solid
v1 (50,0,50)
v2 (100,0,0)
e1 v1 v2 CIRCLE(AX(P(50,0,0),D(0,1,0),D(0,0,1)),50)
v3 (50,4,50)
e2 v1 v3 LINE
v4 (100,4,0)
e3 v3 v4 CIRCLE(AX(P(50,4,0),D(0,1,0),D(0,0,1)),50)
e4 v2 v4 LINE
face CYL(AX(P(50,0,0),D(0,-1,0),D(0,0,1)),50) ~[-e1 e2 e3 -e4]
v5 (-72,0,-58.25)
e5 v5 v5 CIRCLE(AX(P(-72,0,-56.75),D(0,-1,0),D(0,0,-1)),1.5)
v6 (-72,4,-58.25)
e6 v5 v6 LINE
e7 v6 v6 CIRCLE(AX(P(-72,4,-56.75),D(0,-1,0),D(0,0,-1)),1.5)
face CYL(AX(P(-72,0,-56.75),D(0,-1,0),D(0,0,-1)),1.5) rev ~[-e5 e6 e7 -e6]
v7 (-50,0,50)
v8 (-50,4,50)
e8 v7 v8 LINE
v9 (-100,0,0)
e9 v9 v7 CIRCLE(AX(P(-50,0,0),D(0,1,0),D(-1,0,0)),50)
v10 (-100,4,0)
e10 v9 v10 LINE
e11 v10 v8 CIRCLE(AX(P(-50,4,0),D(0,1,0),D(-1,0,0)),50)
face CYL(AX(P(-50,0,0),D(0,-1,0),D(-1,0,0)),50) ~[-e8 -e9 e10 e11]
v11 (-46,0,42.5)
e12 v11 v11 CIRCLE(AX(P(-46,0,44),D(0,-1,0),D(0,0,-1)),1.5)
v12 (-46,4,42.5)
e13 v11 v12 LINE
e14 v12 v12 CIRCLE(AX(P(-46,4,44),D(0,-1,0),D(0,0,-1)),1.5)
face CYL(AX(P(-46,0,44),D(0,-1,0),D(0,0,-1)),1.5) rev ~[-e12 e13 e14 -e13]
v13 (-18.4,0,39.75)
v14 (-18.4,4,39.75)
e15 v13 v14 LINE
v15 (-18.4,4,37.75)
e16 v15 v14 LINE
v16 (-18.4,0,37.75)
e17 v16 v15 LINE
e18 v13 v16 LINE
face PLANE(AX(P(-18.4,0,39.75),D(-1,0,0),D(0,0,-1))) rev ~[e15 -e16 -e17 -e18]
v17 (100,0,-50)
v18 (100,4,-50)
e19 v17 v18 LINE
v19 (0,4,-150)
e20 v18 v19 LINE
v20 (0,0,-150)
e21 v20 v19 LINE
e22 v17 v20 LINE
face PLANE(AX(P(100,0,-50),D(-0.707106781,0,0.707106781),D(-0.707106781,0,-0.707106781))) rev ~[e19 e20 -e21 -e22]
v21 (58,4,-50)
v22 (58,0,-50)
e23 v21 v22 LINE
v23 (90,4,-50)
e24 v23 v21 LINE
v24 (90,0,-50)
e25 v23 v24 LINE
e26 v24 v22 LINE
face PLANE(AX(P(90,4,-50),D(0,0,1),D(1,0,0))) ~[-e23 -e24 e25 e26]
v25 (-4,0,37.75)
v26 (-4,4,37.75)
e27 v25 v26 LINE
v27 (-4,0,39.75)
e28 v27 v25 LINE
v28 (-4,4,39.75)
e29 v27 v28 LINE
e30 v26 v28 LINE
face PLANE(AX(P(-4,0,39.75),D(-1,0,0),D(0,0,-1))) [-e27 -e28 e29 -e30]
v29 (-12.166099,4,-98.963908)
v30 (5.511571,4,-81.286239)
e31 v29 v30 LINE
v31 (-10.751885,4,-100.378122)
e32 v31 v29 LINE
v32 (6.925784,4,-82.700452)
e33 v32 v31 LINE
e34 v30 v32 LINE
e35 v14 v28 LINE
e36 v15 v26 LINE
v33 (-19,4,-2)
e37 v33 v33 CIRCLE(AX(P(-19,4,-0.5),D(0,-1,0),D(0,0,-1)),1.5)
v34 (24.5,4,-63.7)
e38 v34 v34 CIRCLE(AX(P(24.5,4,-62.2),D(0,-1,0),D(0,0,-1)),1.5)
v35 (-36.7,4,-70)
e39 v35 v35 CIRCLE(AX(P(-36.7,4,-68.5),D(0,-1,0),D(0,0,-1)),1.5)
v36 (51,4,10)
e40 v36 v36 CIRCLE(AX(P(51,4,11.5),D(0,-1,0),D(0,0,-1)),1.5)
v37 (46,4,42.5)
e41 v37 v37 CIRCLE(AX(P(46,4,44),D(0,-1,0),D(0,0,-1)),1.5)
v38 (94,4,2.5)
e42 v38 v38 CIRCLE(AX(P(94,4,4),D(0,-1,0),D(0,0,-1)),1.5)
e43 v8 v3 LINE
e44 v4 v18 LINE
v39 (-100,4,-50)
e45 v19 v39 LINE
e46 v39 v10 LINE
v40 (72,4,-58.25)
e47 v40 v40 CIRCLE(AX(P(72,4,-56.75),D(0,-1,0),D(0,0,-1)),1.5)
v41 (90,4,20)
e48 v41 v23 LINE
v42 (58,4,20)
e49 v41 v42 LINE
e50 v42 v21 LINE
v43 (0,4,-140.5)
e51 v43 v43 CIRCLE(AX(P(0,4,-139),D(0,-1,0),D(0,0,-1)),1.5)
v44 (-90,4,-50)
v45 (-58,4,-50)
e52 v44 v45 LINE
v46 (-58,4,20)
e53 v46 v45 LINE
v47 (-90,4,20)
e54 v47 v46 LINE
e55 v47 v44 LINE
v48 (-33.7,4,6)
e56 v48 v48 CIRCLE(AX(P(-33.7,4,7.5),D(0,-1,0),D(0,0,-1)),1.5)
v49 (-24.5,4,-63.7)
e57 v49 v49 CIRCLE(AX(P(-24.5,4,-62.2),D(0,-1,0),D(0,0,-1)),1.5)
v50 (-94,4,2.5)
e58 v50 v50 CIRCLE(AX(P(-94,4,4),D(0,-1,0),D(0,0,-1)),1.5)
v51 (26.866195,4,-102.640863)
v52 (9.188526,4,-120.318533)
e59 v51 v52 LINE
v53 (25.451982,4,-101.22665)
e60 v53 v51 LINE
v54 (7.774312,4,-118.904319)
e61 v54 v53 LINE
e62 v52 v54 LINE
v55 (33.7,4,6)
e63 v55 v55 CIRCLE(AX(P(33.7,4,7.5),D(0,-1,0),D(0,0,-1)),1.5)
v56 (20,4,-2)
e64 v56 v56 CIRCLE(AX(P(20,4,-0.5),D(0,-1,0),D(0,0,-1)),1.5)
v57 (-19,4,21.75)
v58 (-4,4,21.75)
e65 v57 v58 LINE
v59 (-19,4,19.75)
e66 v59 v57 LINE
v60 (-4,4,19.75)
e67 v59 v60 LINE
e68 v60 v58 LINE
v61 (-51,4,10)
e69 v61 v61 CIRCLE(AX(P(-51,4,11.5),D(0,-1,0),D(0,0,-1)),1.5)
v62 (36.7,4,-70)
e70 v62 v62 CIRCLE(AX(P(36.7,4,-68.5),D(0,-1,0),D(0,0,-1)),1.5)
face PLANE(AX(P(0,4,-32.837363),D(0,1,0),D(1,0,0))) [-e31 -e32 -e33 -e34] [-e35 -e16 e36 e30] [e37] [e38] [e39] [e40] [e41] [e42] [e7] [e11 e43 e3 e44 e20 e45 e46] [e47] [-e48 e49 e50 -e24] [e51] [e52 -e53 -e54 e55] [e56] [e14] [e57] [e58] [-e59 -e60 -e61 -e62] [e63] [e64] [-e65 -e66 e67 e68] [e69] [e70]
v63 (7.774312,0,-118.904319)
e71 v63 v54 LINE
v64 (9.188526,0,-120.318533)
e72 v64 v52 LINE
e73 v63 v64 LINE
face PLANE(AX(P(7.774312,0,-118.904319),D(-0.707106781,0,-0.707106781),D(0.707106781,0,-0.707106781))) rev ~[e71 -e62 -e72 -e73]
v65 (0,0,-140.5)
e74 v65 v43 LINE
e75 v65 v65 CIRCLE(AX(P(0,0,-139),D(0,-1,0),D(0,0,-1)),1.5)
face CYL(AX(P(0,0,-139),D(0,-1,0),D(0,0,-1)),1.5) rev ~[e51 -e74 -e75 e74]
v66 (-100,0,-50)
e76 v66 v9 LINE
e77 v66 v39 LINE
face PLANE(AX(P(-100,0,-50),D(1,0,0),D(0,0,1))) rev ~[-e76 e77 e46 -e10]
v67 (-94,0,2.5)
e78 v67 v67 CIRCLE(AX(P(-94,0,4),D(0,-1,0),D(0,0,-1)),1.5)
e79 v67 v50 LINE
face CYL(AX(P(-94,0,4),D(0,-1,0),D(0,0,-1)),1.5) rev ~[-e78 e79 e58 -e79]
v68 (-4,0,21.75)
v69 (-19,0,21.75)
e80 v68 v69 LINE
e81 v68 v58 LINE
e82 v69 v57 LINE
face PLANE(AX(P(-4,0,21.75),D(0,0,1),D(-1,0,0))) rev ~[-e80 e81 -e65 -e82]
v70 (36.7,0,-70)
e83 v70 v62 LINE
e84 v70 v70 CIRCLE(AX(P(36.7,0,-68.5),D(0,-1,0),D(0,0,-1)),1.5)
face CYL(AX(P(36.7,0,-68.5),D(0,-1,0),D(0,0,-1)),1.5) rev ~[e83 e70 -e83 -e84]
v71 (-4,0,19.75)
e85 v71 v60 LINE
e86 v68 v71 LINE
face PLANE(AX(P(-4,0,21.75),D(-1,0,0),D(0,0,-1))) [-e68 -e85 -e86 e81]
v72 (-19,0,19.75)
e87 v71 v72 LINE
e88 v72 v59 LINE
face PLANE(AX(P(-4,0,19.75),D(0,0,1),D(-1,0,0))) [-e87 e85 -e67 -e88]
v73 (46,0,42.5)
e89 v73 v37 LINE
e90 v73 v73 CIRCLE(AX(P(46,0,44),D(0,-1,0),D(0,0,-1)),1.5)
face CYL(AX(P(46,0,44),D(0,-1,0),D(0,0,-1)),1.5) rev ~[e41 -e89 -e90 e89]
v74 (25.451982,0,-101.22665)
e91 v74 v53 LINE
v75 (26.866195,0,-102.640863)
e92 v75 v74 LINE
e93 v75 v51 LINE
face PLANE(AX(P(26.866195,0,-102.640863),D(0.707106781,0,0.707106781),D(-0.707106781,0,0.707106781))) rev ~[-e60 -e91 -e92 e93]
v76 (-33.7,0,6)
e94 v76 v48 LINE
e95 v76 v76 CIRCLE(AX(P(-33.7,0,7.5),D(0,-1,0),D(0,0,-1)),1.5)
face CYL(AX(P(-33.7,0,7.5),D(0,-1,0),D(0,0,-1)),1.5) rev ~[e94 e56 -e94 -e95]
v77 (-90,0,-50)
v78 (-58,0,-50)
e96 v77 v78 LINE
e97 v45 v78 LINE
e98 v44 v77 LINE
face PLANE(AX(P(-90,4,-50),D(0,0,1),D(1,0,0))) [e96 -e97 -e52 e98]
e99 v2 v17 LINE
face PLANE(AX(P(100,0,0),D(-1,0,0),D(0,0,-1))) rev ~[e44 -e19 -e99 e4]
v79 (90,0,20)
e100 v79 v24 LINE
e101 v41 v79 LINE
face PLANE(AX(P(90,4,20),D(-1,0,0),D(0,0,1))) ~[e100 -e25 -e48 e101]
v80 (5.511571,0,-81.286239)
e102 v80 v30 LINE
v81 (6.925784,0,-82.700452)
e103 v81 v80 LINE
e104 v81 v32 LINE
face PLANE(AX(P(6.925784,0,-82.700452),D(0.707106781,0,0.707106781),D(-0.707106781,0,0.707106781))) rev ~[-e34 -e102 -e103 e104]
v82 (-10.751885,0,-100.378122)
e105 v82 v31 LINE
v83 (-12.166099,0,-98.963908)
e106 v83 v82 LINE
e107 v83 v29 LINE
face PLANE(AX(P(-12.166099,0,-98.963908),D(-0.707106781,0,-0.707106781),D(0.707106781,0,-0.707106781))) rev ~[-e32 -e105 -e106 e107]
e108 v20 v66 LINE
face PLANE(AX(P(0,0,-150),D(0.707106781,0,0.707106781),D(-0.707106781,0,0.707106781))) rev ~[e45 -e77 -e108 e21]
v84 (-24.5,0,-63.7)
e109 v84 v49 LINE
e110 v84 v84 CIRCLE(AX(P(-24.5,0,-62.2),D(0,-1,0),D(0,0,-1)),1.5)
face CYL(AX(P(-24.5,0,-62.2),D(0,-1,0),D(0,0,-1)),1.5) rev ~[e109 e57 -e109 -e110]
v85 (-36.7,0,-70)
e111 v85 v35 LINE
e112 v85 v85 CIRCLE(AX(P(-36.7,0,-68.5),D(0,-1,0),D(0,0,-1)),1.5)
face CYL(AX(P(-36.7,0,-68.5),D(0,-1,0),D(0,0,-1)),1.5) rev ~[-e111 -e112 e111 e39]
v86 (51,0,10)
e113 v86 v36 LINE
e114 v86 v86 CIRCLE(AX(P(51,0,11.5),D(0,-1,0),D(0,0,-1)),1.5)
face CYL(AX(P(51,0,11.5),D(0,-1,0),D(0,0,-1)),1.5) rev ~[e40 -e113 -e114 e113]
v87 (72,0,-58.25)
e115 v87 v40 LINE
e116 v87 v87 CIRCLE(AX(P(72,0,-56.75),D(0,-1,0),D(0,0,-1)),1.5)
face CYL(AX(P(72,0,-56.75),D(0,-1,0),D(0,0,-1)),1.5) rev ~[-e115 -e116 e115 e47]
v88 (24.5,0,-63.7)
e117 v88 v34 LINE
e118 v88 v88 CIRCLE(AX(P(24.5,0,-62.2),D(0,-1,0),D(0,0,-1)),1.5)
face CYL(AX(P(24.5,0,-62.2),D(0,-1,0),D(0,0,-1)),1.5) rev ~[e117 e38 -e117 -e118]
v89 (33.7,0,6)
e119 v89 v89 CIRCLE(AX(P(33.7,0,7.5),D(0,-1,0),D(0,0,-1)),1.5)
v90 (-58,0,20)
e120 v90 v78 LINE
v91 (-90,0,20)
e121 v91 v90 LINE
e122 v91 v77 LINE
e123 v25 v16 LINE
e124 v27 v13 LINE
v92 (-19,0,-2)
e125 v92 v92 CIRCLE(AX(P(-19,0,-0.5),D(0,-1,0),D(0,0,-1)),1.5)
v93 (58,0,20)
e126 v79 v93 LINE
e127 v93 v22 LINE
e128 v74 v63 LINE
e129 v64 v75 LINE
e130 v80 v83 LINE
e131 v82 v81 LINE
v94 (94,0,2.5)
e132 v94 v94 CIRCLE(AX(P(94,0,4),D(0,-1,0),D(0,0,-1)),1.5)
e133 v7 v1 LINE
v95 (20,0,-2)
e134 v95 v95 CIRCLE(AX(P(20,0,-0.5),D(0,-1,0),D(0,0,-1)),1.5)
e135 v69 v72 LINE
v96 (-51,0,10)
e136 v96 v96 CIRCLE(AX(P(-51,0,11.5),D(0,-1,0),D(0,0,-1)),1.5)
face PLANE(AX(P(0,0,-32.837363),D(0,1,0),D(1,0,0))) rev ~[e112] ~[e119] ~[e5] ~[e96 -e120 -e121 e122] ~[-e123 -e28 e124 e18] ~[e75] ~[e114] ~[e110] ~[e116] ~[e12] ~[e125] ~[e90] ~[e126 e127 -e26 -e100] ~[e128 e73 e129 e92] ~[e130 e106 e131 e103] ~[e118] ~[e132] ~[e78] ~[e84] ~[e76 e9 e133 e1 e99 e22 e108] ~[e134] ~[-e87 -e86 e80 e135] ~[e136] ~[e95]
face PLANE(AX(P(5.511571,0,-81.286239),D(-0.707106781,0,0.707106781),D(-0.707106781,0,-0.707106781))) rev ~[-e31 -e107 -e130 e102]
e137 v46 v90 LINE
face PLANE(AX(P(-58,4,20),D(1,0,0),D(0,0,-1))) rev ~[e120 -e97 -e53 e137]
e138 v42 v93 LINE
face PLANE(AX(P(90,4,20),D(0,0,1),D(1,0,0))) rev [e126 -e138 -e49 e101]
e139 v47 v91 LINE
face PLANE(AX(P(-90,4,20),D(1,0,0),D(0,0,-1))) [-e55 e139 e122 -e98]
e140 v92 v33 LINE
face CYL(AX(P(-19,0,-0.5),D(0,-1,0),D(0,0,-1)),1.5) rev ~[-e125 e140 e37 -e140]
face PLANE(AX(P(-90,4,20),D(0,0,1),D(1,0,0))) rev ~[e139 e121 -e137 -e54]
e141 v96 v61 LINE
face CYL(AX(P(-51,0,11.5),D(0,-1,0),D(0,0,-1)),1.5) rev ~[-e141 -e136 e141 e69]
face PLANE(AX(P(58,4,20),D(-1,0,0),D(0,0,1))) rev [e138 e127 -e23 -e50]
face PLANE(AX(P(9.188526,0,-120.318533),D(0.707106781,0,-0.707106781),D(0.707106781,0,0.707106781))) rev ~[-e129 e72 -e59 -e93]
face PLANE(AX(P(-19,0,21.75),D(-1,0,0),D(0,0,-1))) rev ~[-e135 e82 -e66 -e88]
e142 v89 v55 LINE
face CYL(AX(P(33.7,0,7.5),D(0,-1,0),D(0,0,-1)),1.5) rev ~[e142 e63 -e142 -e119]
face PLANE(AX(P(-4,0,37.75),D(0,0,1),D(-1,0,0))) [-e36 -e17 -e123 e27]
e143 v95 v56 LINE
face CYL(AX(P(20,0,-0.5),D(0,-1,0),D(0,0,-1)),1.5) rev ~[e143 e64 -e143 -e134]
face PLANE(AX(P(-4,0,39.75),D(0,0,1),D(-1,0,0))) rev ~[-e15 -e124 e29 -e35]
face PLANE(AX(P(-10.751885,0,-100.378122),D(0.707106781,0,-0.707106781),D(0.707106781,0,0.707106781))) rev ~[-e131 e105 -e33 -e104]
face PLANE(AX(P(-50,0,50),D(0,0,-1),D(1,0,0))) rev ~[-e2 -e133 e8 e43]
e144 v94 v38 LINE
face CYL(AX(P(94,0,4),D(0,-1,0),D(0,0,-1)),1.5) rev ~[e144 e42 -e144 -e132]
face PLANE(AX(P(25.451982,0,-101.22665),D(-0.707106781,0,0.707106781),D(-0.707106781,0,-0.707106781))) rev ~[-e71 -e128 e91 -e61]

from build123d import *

# Parameters (mm, degrees)
BASIS_GRONDPLAAT_DEPTH = 4
WIELGATEN_SCHETS_W     = 32
WIELGATEN_SCHETS_H     = 70
WIELGATEN_DEPTH        = 10
BOORGAT1_SCHETS_R      = 1.5
BOORGAT1_DEPTH         = 181.321934329
SKETCH1_R              = 1.5
SKETCH1_W              = 15
SKETCH1_H              = 2
SKETCH1_W_2            = 14.4
CUT_EXTRUDE1_DEPTH     = 10
SKETCH2_R              = 1.5
CUT_EXTRUDE2_DEPTH     = 10


with BuildPart() as part:
    # basis_grondplaat_schets → basis_grondplaat (new body)
    with BuildSketch(Plane(origin=(0, 0, 0), x_dir=(1, 0, 0), z_dir=(0, 1, 0))):
        with BuildLine():
            Line((-50, -50), (50, -50))
            ThreePointArc((50, -50), (85.355339059, -35.355339059), (100, 0))
            Line((100, 0), (100, 50))
            Line((100, 50), (0, 150))
            Line((0, 150), (-100, 50))
            Line((-100, 50), (-100, 0))
            ThreePointArc((-100, 0), (-85.355339059, -35.355339059), (-50, -50))
        make_face()
    extrude(amount=BASIS_GRONDPLAAT_DEPTH)

    # wielgaten_schets → wielgaten (cut)
    with BuildSketch(Plane(origin=(0, 4, 0), x_dir=(1, 0, 0), z_dir=(0, 1, 0))):
        with Locations((-74, 15)):
            Rectangle(WIELGATEN_SCHETS_W, WIELGATEN_SCHETS_H)
    wielgaten = extrude(amount=-WIELGATEN_DEPTH, mode=Mode.SUBTRACT)

    # boorgat1_schets → boorgat1 (cut, through all)
    with BuildSketch(Plane.XZ):
        with Locations(Location((-46, 44, 0), (0, 0, 270))):
            Circle(BOORGAT1_SCHETS_R)
    extrude(amount=-BOORGAT1_DEPTH, mode=Mode.SUBTRACT)

    # Mirror1: wielgaten across plane
    add(wielgaten.mirror(Plane(origin=(0, 0, 0), x_dir=(0, 0, 1), z_dir=(1, 0, 0))), mode=Mode.SUBTRACT)

    # Sketch1 → Cut-Extrude1 (cut)
    with BuildSketch(Plane(origin=(0, 0, 0), x_dir=(-1, 0, 0), z_dir=(0, -1, 0))):
        with Locations(Location((-46, -44, 0), (0, 0, 90))):
            Circle(SKETCH1_R)
        with Locations(Location((-94, -4, 0), (0, 0, 90))):
            Circle(SKETCH1_R)
        with Locations(Location((94, -4, 0), (0, 0, 90))):
            Circle(SKETCH1_R)
        with Locations(Location((0, 139, 0), (0, 0, 90))):
            Circle(SKETCH1_R)
        with Locations(Location((24.5, 62.2, 0), (0, 0, 90))):
            Circle(SKETCH1_R)
        with Locations(Location((-24.5, 62.2, 0), (0, 0, 90))):
            Circle(SKETCH1_R)
        with Locations(Location((-20, 0.5, 0), (0, 0, 90))):
            Circle(SKETCH1_R)
        with Locations(Location((19, 0.5, 0), (0, 0, 90))):
            Circle(SKETCH1_R)
        Polygon((10.751885446, 100.378121725), (-6.925784083, 82.700452195), (-5.511570521, 81.286238633), (12.166099009, 98.963908163), align=None)
        Polygon((-25.45198175, 101.226649863), (-7.774312221, 118.904319392), (-9.188525783, 120.318532955), (-26.866195313, 102.640863425), align=None)
        with Locations((11.5, -20.75)):
            Rectangle(SKETCH1_W, SKETCH1_H)
        with Locations((11.2, -38.75)):
            Rectangle(SKETCH1_W_2, SKETCH1_H)
    extrude(amount=-CUT_EXTRUDE1_DEPTH, mode=Mode.SUBTRACT)

    # Sketch2 → Cut-Extrude2 (cut)
    with BuildSketch(Plane(origin=(0, 0, 0), x_dir=(-1, 0, 0), z_dir=(0, -1, 0))):
        with Locations(Location((51, -11.5, 0), (0, 0, 90))):
            Circle(SKETCH2_R)
        with Locations(Location((33.7, -7.5, 0), (0, 0, 90))):
            Circle(SKETCH2_R)
        with Locations(Location((-33.7, -7.5, 0), (0, 0, 90))):
            Circle(SKETCH2_R)
        with Locations(Location((-51, -11.5, 0), (0, 0, 90))):
            Circle(SKETCH2_R)
        with Locations(Location((36.7, 68.5, 0), (0, 0, 90))):
            Circle(SKETCH2_R)
        with Locations(Location((-36.7, 68.5, 0), (0, 0, 90))):
            Circle(SKETCH2_R)
        with Locations(Location((-72, 56.75, 0), (0, 0, 90))):
            Circle(SKETCH2_R)
        with Locations(Location((72, 56.75, 0), (0, 0, 90))):
            Circle(SKETCH2_R)
    extrude(amount=-CUT_EXTRUDE2_DEPTH, mode=Mode.SUBTRACT)


solid = part.part
